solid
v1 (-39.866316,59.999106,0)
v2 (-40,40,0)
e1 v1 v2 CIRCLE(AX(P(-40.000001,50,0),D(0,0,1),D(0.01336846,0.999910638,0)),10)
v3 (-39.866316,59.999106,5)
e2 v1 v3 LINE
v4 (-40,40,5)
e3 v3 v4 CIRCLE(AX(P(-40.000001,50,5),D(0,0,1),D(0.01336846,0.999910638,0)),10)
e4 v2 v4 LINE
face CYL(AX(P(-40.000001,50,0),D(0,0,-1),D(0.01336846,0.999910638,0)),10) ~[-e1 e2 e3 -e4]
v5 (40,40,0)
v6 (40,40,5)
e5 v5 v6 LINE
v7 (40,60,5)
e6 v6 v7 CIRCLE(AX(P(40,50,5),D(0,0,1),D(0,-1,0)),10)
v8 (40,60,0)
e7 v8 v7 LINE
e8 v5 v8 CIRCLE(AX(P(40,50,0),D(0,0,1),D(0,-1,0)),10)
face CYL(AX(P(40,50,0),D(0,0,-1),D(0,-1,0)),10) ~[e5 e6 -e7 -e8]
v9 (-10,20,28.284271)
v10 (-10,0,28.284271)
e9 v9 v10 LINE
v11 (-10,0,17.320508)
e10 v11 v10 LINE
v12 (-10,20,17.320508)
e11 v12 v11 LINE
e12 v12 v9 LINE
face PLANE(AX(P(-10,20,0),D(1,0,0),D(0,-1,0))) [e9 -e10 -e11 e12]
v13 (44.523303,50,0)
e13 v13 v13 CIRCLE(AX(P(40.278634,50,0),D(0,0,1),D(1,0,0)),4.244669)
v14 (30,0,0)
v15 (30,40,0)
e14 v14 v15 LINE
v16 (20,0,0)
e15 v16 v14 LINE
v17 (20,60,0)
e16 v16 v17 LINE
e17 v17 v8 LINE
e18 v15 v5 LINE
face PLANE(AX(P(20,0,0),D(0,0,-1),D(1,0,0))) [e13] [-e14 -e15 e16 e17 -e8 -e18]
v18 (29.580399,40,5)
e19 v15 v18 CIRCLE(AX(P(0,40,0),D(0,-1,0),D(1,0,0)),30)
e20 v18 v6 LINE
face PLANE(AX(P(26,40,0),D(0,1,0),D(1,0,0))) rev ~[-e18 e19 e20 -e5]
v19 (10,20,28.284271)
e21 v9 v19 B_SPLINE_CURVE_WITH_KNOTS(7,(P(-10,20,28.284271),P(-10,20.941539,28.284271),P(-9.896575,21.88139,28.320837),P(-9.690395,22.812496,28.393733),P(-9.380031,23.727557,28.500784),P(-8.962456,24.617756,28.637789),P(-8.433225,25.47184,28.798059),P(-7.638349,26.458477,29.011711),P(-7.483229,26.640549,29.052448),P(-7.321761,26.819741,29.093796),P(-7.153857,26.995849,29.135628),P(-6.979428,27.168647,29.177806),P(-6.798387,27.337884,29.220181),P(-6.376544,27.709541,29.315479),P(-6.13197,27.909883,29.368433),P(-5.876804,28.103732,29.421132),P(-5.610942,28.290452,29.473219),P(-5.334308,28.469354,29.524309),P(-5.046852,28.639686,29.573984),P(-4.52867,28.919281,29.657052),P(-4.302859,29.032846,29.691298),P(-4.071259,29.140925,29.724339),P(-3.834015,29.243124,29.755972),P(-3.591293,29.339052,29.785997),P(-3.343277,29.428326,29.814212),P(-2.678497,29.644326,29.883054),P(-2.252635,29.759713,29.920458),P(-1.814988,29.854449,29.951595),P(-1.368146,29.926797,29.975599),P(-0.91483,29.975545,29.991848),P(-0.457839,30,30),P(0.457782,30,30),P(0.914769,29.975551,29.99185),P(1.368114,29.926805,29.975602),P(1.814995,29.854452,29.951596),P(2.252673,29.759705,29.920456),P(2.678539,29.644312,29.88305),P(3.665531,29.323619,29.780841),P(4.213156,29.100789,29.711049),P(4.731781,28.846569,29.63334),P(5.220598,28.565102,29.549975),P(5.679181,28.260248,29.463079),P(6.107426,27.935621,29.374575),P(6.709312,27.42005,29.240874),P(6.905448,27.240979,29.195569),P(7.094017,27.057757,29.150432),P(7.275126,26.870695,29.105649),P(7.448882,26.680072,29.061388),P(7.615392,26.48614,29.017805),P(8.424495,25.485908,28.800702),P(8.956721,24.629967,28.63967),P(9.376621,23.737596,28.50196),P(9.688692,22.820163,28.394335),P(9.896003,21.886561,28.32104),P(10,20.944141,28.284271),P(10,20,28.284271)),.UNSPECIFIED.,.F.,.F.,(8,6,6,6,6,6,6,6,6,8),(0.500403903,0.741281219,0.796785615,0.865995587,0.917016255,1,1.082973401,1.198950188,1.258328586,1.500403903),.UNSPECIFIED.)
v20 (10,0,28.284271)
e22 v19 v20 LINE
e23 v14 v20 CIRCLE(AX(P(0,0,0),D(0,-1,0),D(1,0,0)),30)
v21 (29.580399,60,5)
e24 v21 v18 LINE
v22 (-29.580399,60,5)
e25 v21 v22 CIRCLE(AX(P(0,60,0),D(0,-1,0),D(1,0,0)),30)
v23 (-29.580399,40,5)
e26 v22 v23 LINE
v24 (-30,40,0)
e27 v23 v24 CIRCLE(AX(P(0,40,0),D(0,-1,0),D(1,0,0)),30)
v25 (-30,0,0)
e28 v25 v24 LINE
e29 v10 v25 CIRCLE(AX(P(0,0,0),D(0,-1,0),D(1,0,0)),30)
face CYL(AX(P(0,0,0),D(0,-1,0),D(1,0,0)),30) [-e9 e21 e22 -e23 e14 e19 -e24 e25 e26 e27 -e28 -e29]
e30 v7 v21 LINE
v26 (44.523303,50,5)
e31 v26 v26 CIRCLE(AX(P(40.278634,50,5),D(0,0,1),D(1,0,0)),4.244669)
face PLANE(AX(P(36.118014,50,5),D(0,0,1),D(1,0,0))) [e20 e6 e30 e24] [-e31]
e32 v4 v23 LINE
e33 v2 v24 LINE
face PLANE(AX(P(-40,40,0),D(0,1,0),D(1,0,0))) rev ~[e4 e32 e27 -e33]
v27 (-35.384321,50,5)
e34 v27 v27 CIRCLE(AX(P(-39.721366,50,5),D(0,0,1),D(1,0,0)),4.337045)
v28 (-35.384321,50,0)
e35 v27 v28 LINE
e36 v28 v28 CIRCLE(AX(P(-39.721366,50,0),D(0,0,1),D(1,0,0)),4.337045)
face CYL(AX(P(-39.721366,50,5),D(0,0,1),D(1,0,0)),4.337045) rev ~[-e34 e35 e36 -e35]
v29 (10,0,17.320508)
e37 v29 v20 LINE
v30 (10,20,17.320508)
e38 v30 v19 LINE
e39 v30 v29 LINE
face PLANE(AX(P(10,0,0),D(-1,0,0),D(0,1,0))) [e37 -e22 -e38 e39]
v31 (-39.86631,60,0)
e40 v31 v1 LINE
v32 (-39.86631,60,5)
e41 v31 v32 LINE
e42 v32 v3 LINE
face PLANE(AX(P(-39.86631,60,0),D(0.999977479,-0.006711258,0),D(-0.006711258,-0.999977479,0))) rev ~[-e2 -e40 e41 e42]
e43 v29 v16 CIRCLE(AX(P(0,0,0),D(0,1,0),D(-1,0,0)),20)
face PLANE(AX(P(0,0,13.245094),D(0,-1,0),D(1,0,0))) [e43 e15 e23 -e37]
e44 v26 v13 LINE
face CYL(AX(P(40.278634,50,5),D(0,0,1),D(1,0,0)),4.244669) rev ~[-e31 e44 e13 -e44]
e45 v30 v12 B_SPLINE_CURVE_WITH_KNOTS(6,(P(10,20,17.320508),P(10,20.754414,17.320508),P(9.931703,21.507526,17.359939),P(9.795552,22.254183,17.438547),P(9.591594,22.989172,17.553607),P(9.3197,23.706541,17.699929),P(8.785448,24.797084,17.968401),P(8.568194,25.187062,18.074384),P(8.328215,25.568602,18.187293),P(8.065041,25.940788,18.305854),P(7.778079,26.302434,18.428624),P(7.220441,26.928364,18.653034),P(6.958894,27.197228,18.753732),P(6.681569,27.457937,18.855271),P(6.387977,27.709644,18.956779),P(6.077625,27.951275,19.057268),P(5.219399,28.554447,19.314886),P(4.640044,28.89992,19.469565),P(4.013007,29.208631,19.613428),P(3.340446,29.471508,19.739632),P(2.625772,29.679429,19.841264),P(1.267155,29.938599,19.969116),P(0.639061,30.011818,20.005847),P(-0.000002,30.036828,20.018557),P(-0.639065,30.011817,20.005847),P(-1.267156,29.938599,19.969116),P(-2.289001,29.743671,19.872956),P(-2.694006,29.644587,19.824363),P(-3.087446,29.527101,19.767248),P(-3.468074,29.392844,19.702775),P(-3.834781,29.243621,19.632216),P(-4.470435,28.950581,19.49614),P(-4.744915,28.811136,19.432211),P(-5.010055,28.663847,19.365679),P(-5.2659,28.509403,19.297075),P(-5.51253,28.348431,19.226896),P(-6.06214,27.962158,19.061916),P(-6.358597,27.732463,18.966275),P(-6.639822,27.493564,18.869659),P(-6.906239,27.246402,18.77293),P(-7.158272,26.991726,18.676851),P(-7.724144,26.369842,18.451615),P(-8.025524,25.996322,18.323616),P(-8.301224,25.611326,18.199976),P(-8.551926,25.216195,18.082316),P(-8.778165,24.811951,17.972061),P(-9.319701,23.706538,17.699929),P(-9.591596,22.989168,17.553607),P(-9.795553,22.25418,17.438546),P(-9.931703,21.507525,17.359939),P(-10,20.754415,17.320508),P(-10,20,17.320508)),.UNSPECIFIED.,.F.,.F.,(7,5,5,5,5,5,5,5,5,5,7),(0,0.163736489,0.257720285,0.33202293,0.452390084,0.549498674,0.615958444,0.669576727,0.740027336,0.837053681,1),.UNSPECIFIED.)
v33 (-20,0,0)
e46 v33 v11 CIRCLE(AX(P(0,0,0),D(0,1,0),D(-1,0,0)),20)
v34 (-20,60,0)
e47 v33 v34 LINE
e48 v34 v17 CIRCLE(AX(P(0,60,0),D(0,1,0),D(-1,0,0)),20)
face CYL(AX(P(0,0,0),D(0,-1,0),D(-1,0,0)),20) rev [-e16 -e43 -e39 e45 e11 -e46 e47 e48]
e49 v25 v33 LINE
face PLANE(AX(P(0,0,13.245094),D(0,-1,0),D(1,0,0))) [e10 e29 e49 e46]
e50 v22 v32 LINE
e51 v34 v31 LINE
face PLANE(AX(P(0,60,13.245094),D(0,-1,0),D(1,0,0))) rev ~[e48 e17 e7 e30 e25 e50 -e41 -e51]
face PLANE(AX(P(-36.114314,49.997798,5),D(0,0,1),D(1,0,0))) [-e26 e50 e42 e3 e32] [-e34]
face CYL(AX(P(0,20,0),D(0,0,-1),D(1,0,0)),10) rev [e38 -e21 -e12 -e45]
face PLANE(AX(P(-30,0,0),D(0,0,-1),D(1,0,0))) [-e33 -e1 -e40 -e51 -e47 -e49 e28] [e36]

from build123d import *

# Parameters (mm, degrees)
F1_DEPTH = 60
F3_DEPTH = 5
F4_R     = 4.244669
F4_R_2   = 4.337045
F5_DEPTH = 5
F7_DEPTH = 30


with BuildPart() as f1:
    # F0 (on Front) → F1 (new body)
    with BuildSketch(Plane.XZ):
        with BuildLine():
            Line((20, 0), (30, 0))
            ThreePointArc((30, 0), (0, 30), (-30, 0))
            Line((-30, 0), (-20, 0))
            ThreePointArc((-20, 0), (0, 20), (20, 0))
        make_face()
    extrude(amount=-F1_DEPTH)

    # F2 (on Top) → F3 (join)
    with BuildSketch(Plane.XY):
        with BuildLine():
            Line((26, 40), (40, 40))
            ThreePointArc((40, 40), (50, 50), (40, 60))
            Line((40, 60), (26, 60))
            Line((26, 60), (26, 40))
        make_face()
        with BuildLine():
            Line((-39.86631, 60), (-39.866316, 59.999106))
            ThreePointArc((-39.866316, 59.999106), (-49.999777, 50.066844), (-40, 40))
            Line((-40, 40), (-26, 40))
            Line((-26, 40), (-26, 60))
            Line((-26, 60), (-39.86631, 60))
        make_face()
    extrude(amount=F3_DEPTH)

    # F4 (on face) → F5 (cut)
    with BuildSketch(Plane.XY.offset(5)):
        with Locations((40.278634, 50)):
            Circle(F4_R)
        with Locations((-39.721366, 50)):
            Circle(F4_R_2)
    extrude(amount=-F5_DEPTH, mode=Mode.SUBTRACT)

    # F6 (on Top) → F7 (cut)
    with BuildSketch(Plane.XY):
        with BuildLine():
            Line((10, 0), (10, 20))
            ThreePointArc((10, 20), (0, 30), (-10, 20))
            Line((-10, 20), (-10, 0))
            Line((-10, 0), (10, 0))
        make_face()
    extrude(amount=F7_DEPTH, mode=Mode.SUBTRACT)


solid = f1.part
